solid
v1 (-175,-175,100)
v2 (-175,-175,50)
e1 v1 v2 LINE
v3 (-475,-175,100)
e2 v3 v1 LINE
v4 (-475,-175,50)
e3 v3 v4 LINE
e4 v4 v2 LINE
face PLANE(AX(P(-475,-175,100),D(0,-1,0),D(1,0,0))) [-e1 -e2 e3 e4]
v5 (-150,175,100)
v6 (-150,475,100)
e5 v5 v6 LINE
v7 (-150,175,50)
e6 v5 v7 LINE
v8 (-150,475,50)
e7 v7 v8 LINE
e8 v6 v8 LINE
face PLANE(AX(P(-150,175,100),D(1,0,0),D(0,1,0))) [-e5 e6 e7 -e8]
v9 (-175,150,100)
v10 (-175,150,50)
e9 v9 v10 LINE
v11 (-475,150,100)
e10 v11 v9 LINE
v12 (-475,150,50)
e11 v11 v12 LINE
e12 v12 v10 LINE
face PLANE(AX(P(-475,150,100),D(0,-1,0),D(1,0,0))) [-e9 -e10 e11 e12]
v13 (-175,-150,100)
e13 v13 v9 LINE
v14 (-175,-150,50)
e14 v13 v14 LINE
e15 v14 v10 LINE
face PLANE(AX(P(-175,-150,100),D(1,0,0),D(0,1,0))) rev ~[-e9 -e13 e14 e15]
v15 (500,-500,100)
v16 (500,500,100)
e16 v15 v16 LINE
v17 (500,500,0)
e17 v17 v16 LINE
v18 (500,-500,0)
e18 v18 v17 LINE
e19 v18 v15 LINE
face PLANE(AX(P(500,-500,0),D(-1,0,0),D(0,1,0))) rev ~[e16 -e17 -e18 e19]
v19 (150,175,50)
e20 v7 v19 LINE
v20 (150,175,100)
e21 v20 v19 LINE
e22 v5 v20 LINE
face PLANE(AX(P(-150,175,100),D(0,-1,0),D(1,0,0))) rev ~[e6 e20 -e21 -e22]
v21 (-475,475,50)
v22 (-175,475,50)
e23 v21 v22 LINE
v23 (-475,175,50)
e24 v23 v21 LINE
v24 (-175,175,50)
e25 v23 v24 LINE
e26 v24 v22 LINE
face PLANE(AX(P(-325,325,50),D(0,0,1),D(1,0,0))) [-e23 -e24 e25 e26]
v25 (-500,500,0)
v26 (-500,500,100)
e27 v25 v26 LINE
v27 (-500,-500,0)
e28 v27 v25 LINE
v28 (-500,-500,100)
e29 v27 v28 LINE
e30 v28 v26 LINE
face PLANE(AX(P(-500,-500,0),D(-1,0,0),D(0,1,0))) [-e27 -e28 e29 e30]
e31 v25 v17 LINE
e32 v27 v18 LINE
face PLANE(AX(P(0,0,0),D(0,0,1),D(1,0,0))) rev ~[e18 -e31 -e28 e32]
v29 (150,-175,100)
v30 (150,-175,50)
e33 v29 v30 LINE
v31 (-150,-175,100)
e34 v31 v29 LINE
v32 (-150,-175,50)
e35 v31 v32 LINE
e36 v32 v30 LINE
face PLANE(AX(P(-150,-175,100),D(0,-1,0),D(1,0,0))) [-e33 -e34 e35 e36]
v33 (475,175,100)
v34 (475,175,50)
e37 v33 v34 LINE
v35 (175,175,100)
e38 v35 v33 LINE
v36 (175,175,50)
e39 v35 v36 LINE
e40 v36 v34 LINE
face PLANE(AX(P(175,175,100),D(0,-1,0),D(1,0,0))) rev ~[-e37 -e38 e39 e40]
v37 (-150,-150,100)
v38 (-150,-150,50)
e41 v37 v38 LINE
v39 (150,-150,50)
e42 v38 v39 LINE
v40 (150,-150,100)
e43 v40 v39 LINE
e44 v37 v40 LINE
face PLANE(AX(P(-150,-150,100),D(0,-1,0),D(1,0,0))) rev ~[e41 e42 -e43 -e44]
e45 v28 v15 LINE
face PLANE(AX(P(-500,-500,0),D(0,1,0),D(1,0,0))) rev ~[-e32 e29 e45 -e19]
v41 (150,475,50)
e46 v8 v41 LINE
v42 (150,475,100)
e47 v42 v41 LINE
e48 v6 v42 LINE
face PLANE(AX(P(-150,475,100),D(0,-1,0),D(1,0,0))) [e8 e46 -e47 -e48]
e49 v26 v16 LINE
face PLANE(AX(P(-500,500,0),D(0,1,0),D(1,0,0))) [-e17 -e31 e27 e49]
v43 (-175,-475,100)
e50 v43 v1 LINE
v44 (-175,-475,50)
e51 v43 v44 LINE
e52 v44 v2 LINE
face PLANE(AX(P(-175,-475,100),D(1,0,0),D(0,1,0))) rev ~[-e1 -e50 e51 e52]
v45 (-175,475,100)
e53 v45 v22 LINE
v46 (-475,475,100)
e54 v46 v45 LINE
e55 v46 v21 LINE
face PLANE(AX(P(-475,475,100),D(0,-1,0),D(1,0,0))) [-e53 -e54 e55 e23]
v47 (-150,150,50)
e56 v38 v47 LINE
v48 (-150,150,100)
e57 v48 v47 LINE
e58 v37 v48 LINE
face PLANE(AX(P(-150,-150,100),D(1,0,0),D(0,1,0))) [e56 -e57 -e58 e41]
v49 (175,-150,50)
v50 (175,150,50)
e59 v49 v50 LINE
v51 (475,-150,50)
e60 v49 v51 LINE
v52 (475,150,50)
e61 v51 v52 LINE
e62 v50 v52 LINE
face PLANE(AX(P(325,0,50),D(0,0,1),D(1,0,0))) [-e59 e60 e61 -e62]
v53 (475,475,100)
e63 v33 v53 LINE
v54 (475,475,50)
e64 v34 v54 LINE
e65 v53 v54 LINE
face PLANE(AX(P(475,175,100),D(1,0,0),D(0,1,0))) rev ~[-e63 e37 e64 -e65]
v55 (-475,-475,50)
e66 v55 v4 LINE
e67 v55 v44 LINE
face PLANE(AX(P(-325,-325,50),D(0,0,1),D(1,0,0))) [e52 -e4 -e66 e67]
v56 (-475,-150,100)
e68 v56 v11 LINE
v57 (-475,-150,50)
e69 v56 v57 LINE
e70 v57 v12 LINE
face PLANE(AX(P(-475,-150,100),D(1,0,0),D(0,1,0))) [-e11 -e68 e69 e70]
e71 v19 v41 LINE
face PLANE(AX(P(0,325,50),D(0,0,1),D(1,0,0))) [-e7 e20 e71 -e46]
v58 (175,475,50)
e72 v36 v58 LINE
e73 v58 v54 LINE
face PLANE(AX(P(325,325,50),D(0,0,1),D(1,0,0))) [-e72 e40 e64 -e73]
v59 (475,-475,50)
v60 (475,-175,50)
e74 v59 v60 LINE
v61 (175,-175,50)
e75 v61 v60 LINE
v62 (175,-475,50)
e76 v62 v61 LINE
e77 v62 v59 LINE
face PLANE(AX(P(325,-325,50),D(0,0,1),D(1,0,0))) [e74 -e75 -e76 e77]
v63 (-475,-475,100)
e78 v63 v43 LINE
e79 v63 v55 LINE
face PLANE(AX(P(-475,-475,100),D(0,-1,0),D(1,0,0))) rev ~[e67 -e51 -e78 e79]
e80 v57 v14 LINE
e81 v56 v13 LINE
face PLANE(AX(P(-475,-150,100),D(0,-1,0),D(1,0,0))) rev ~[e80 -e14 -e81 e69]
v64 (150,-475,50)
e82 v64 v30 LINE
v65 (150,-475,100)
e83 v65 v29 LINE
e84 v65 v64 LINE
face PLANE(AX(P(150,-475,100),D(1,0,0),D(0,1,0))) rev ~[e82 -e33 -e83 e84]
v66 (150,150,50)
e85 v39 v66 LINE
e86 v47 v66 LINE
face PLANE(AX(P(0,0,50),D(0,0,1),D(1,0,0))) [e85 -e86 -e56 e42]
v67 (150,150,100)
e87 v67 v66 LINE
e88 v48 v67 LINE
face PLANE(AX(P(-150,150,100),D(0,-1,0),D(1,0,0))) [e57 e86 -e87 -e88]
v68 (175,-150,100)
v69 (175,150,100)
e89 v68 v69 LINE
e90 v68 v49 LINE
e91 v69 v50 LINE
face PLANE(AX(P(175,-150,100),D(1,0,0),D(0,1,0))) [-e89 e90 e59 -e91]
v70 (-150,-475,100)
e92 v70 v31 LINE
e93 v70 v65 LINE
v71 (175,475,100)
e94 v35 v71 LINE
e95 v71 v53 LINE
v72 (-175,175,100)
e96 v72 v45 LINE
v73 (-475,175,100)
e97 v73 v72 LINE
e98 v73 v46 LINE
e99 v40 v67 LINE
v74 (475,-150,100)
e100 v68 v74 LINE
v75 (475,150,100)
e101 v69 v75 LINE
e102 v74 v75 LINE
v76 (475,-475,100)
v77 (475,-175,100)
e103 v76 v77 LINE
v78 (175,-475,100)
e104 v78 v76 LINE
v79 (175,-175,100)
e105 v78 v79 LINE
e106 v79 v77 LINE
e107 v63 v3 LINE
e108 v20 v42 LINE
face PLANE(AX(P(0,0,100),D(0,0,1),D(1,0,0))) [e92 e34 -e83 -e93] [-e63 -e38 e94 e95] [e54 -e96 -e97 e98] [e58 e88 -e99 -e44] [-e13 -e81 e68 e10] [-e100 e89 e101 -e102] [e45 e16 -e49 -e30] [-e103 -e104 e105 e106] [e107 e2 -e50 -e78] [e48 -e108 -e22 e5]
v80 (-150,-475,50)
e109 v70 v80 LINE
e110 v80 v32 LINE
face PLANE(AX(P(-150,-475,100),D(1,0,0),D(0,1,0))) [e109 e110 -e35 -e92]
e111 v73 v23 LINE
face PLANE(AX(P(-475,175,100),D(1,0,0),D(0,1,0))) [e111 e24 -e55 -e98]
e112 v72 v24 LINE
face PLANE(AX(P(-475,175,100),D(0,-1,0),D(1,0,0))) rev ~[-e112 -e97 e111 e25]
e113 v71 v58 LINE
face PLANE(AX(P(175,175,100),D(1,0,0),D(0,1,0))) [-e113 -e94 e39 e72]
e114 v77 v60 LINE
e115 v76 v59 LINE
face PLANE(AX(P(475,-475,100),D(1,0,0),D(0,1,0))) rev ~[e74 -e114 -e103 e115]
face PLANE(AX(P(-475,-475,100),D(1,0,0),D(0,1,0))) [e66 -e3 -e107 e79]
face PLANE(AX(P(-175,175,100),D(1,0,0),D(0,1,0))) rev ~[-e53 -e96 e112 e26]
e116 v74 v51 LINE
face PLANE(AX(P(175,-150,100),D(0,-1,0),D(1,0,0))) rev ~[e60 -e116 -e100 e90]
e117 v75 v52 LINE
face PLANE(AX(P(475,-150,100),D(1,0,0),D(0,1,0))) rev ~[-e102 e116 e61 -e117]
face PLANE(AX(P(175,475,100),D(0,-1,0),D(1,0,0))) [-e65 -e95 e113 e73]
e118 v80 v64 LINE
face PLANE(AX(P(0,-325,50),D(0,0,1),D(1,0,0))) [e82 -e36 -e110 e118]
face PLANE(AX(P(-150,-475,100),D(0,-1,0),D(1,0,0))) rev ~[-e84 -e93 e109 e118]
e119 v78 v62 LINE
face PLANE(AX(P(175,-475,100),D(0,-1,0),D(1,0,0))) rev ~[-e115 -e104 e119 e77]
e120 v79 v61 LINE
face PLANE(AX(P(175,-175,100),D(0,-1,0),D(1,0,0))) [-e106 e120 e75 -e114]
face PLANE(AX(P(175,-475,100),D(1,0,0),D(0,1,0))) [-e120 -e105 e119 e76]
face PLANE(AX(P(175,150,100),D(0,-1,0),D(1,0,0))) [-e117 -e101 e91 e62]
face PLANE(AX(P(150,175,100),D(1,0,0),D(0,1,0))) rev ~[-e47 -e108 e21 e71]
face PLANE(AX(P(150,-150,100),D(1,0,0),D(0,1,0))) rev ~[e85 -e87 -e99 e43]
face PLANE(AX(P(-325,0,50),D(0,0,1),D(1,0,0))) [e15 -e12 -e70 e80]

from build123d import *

# Parameters (mm, degrees)
F0_W     = 1000
F0_H     = 1000
F1_DEPTH = 100
F2_W     = 300
F2_H     = 300
F3_DEPTH = 50


with BuildPart() as f1:
    # F0 (on Top) → F1 (new body)
    with BuildSketch(Plane.XY):
        Rectangle(F0_W, F0_H)
    extrude(amount=F1_DEPTH)

    # F2 (on face) → F3 (cut)
    with BuildSketch(Plane.XY.offset(100)):
        with Locations((-325, 325)):
            Rectangle(F2_W, F2_H)
        with Locations((0, 325)):
            Rectangle(F2_W, F2_H)
        with Locations((325, 325)):
            Rectangle(F2_W, F2_H)
        with Locations((325, 0)):
            Rectangle(F2_W, F2_H)
        Rectangle(F2_W, F2_H)
        with Locations((-325, 0)):
            Rectangle(F2_W, F2_H)
        with Locations((-325, -325)):
            Rectangle(F2_W, F2_H)
        with Locations((0, -325)):
            Rectangle(F2_W, F2_H)
        with Locations((325, -325)):
            Rectangle(F2_W, F2_H)
    extrude(amount=-F3_DEPTH, mode=Mode.SUBTRACT)


solid = f1.part
